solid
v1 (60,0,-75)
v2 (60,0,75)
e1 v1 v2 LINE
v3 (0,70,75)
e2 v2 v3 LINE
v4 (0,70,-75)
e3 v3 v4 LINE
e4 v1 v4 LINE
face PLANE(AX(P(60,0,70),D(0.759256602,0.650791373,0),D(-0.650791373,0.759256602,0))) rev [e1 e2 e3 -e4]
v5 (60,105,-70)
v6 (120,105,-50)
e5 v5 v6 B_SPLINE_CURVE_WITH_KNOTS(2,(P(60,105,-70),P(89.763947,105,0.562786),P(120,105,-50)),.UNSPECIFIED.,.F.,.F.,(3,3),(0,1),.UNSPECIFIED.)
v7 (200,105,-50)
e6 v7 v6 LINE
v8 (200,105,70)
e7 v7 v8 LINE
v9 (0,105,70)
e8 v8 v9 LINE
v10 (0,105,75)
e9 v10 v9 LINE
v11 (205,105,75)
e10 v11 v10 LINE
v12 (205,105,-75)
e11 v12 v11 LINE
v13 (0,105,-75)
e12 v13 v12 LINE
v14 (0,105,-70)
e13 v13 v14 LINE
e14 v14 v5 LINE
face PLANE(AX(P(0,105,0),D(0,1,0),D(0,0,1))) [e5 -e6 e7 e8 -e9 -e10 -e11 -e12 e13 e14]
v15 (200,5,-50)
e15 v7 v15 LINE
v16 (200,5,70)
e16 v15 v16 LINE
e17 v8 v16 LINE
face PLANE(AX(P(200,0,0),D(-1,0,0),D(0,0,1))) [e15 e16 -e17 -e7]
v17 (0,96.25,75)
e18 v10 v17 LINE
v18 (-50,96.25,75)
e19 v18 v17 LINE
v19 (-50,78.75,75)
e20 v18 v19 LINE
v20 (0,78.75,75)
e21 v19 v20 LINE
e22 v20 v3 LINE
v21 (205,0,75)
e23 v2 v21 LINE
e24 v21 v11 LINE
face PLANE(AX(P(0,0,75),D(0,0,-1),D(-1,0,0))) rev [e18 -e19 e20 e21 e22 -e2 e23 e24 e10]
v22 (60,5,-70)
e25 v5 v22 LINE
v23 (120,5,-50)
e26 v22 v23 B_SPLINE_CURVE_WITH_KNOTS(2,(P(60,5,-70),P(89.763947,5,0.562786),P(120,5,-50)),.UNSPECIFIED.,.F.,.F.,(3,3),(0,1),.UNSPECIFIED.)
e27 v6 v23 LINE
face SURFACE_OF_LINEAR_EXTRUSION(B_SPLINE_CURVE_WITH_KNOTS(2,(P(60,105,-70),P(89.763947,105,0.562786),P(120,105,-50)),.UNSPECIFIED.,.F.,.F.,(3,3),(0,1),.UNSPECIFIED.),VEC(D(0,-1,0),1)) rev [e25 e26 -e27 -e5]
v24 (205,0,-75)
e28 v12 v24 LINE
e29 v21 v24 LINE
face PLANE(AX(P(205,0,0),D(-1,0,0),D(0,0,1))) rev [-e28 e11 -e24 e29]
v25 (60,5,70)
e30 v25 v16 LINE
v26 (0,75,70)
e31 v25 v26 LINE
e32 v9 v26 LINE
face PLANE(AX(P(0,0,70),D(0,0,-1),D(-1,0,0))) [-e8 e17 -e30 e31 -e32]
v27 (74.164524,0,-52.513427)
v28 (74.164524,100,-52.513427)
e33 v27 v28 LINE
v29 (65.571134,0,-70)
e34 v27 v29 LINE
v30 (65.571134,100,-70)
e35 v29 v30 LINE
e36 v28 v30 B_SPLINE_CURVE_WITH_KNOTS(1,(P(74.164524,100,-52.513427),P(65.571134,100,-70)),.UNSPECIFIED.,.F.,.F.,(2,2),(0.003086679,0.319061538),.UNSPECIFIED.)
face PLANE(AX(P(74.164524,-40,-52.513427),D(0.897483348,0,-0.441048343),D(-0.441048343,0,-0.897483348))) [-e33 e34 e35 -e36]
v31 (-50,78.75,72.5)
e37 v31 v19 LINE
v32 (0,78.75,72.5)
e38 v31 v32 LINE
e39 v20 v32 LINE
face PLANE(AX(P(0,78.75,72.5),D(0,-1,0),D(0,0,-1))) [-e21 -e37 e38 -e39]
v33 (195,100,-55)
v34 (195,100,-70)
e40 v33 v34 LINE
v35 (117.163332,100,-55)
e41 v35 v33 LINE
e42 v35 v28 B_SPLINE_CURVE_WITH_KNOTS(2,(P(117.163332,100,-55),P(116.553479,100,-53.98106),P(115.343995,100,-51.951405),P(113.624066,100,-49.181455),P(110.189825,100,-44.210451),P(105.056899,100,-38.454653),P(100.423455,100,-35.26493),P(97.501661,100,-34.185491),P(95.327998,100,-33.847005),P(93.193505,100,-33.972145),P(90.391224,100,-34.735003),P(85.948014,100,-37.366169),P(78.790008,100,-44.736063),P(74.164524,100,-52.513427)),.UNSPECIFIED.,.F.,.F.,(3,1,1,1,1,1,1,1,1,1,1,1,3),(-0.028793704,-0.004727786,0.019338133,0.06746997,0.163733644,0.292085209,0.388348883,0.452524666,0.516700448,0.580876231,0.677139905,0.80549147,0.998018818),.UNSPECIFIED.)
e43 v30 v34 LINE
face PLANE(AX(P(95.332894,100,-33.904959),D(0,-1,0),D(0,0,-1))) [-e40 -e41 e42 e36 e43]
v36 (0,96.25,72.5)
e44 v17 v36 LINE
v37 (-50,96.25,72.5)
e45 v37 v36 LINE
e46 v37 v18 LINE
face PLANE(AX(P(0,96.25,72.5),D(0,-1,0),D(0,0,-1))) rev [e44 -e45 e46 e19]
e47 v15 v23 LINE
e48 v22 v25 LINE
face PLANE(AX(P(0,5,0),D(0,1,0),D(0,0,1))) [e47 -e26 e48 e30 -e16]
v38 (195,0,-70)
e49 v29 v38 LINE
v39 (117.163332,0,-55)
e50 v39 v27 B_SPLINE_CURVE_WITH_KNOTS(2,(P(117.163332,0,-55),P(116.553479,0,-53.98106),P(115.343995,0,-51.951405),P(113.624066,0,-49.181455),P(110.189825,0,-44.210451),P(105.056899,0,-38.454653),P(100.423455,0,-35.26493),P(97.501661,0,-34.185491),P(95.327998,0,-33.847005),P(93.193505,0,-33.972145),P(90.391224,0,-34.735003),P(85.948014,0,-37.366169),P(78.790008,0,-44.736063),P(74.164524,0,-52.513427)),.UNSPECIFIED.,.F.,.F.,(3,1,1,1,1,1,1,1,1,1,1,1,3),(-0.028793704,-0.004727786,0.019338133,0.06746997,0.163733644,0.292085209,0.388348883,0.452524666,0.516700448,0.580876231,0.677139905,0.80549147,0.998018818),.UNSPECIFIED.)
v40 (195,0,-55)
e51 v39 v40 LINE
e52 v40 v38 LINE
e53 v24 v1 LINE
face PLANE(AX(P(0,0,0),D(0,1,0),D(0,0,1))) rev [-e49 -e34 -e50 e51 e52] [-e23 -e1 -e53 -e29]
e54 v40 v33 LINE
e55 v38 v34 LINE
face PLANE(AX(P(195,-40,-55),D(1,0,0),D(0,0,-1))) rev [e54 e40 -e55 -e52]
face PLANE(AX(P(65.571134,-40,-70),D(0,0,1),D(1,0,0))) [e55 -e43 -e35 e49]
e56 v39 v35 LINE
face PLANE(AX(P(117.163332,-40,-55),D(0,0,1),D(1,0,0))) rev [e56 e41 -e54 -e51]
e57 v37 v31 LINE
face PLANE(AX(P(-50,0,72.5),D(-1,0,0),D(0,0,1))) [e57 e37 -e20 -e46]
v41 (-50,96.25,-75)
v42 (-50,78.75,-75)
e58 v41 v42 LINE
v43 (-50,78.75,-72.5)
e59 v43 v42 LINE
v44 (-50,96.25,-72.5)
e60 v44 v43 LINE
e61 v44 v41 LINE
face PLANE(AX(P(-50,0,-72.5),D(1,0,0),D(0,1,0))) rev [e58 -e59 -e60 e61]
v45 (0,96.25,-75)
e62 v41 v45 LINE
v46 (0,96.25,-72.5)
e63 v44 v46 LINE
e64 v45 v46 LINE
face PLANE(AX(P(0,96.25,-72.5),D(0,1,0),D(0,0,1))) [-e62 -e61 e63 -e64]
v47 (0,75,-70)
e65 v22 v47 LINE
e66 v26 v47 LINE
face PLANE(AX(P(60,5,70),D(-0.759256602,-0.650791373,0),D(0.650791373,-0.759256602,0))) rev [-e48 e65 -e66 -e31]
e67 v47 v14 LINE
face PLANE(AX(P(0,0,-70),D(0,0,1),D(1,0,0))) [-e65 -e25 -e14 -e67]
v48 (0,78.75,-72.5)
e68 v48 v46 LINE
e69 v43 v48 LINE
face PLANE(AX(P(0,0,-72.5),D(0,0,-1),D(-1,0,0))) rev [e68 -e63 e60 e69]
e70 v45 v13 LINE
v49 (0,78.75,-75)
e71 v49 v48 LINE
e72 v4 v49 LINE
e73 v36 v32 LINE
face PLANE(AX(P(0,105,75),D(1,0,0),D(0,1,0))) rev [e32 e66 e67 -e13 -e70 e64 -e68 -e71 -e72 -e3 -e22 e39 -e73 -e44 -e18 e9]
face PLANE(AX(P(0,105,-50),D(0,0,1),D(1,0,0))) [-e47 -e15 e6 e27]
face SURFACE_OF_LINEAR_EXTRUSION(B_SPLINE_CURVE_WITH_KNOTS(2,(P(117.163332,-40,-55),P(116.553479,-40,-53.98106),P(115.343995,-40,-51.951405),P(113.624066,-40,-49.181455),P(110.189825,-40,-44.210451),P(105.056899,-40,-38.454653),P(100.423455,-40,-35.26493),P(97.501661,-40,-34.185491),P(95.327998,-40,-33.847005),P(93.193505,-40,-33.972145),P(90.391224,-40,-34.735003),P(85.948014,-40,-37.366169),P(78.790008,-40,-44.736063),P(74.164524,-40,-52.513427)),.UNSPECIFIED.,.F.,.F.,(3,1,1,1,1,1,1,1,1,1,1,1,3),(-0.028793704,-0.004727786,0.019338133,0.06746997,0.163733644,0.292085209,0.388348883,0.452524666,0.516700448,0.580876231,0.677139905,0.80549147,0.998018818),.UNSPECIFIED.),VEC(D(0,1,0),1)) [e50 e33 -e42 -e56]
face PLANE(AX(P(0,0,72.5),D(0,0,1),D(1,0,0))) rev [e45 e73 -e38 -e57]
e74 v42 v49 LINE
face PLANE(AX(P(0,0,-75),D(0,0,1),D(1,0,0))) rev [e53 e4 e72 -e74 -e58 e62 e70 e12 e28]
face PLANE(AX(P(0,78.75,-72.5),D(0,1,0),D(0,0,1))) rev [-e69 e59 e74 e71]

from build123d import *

# Parameters (mm, degrees)
SALIENTE_EXTRUIR1_DEPTH    = 105
SALIENTE_EXTRUIR2_DEPTH    = 5
CROQUIS3_W                 = 140
CROQUIS3_H                 = 105
SALIENTE_EXTRUIR3_DEPTH    = 5
CROQUIS4_W                 = 205
CROQUIS4_H                 = 105
SALIENTE_EXTRUIR5_DEPTH    = 5
CROQUIS5_W                 = 205
CROQUIS5_H                 = 105
SALIENTE_EXTRUIR6_DEPTH    = 5
SALIENTE_EXTRUIR7_DEPTH    = 140
CORTAR_EXTRUIR1_DEPTH      = 273.167228172
CORTAR_EXTRUIR1_DEPTH_BACK = 273.167228172
CROQUIS9_W                 = 70
CROQUIS9_H                 = 17.5
SALIENTE_EXTRUIR8_DEPTH    = 2.5
CROQUIS10_W                = 70
CROQUIS10_H                = 17.5
SALIENTE_EXTRUIR9_DEPTH    = 2.5
CORTAR_EXTRUIR2_START      = -5
CORTAR_EXTRUIR2_DEPTH      = 140


with BuildPart() as part:
    # Croquis2 → Saliente-Extruir1 (new body)
    with BuildSketch(Plane(origin=(0, 0, 0), x_dir=(1, 0, 0), z_dir=(0, 1, 0))):
        with BuildLine():
            Line((120, 70), (60, 70))
            add(Edge.make_bspline(
                [(60, 70), (89.76394683, -0.562785514), (120, 50)],
                knots=[0, 0, 0, 1, 1, 1], degree=2))
            Line((120, 50), (200, 50))
            Line((200, 50), (200, 70))
            Line((200, 70), (120, 70))
        make_face()
    extrude(amount=SALIENTE_EXTRUIR1_DEPTH)

    # Croquis2<3> → Saliente-Extruir2 (add)
    with BuildSketch(Plane(origin=(0, 0, 0), x_dir=(1, 0, 0), z_dir=(0, 1, 0))):
        with BuildLine():
            Line((60, 70), (60, -70))
            Line((60, -70), (200, -70))
            Line((200, -70), (200, 50))
            Line((200, 50), (120, 50))
            add(Edge.make_bspline(
                [(60, 70), (89.76394683, -0.562785514), (120, 50)],
                knots=[0, 0, 0, 1, 1, 1], degree=2))
        make_face()
    extrude(amount=SALIENTE_EXTRUIR2_DEPTH)

    # Croquis3 → Saliente-Extruir3 (add)
    with BuildSketch(Plane(origin=(200, 0, 0), x_dir=(0, 0, -1), z_dir=(1, 0, 0))):
        with Locations((0, 52.5)):
            Rectangle(CROQUIS3_W, CROQUIS3_H)
    extrude(amount=SALIENTE_EXTRUIR3_DEPTH)

    # Croquis4 → Saliente-Extruir5 (add)
    with BuildSketch(Plane.XY.offset(70)):
        with Locations((102.5, 52.5)):
            Rectangle(CROQUIS4_W, CROQUIS4_H)
    extrude(amount=SALIENTE_EXTRUIR5_DEPTH)

    # Croquis5 → Saliente-Extruir6 (add)
    with BuildSketch(Plane(origin=(0, 0, -70), x_dir=(-1, 0, 0), z_dir=(0, 0, -1))):
        with Locations((-102.5, 52.5)):
            Rectangle(CROQUIS5_W, CROQUIS5_H)
    extrude(amount=SALIENTE_EXTRUIR6_DEPTH)

    # Croquis6 → Saliente-Extruir7 (add)
    with BuildSketch(Plane.XY.offset(-70)):
        Polygon((60, 5), (0, 75), (0, 70), (60, 0), align=None)
    extrude(amount=SALIENTE_EXTRUIR7_DEPTH)

    # Croquis8 → Cortar-Extruir1 (cut, two sides: drawn at the far end of the back side and taken through both)
    with BuildSketch(Plane.XY.offset(-70).offset(-CORTAR_EXTRUIR1_DEPTH_BACK)):
        Polygon((60, 0), (0, 70), (0, 0), align=None)
    extrude(amount=CORTAR_EXTRUIR1_DEPTH + CORTAR_EXTRUIR1_DEPTH_BACK, mode=Mode.SUBTRACT)

    # Croquis9 → Saliente-Extruir8 (add)
    with BuildSketch(Plane.XY.offset(75)):
        with Locations((-15, 87.5)):
            Rectangle(CROQUIS9_W, CROQUIS9_H)
    extrude(amount=-SALIENTE_EXTRUIR8_DEPTH)

    # Croquis10 → Saliente-Extruir9 (add)
    with BuildSketch(Plane(origin=(0, 0, -75), x_dir=(-1, 0, 0), z_dir=(0, 0, -1))):
        with Locations((15, 87.5)):
            Rectangle(CROQUIS10_W, CROQUIS10_H)
    extrude(amount=-SALIENTE_EXTRUIR9_DEPTH)

    # Croquis11 → Cortar-Extruir2 (cut)
    with BuildSketch(Plane(origin=(0, 105, 0), x_dir=(1, 0, 0), z_dir=(0, 1, 0)).offset(CORTAR_EXTRUIR2_START)):
        with BuildLine():
            Line((65.571134008, 70), (195, 70))
            Line((195, 70), (195, 55))
            Line((195, 55), (117.1633318, 55))
            add(Edge.make_bspline(
                [(117.1633318, 55), (116.553479191, 53.981059511), (115.34399458, 51.951404655), (113.624065501, 49.181454683), (110.189825419, 44.210450859), (105.056898876, 38.454652942), (100.423455416, 35.264929664), (97.501660631, 34.185491141), (95.327997633, 33.847005409), (93.19350491, 33.972145162), (90.391223635, 34.735002625), (85.948013808, 37.366168652), (78.790008493, 44.736062985), (74.164523658, 52.513426841)],
                knots=[-0.028793704, -0.028793704, -0.028793704, -0.004727786, 0.019338133, 0.06746997, 0.163733644, 0.292085209, 0.388348883, 0.452524666, 0.516700448, 0.580876231, 0.677139905, 0.80549147, 0.998018818, 0.998018818, 0.998018818], degree=2))
            Line((74.164523658, 52.513426841), (65.571134008, 70))
        make_face()
    extrude(amount=-CORTAR_EXTRUIR2_DEPTH, mode=Mode.SUBTRACT)


solid = part.part
